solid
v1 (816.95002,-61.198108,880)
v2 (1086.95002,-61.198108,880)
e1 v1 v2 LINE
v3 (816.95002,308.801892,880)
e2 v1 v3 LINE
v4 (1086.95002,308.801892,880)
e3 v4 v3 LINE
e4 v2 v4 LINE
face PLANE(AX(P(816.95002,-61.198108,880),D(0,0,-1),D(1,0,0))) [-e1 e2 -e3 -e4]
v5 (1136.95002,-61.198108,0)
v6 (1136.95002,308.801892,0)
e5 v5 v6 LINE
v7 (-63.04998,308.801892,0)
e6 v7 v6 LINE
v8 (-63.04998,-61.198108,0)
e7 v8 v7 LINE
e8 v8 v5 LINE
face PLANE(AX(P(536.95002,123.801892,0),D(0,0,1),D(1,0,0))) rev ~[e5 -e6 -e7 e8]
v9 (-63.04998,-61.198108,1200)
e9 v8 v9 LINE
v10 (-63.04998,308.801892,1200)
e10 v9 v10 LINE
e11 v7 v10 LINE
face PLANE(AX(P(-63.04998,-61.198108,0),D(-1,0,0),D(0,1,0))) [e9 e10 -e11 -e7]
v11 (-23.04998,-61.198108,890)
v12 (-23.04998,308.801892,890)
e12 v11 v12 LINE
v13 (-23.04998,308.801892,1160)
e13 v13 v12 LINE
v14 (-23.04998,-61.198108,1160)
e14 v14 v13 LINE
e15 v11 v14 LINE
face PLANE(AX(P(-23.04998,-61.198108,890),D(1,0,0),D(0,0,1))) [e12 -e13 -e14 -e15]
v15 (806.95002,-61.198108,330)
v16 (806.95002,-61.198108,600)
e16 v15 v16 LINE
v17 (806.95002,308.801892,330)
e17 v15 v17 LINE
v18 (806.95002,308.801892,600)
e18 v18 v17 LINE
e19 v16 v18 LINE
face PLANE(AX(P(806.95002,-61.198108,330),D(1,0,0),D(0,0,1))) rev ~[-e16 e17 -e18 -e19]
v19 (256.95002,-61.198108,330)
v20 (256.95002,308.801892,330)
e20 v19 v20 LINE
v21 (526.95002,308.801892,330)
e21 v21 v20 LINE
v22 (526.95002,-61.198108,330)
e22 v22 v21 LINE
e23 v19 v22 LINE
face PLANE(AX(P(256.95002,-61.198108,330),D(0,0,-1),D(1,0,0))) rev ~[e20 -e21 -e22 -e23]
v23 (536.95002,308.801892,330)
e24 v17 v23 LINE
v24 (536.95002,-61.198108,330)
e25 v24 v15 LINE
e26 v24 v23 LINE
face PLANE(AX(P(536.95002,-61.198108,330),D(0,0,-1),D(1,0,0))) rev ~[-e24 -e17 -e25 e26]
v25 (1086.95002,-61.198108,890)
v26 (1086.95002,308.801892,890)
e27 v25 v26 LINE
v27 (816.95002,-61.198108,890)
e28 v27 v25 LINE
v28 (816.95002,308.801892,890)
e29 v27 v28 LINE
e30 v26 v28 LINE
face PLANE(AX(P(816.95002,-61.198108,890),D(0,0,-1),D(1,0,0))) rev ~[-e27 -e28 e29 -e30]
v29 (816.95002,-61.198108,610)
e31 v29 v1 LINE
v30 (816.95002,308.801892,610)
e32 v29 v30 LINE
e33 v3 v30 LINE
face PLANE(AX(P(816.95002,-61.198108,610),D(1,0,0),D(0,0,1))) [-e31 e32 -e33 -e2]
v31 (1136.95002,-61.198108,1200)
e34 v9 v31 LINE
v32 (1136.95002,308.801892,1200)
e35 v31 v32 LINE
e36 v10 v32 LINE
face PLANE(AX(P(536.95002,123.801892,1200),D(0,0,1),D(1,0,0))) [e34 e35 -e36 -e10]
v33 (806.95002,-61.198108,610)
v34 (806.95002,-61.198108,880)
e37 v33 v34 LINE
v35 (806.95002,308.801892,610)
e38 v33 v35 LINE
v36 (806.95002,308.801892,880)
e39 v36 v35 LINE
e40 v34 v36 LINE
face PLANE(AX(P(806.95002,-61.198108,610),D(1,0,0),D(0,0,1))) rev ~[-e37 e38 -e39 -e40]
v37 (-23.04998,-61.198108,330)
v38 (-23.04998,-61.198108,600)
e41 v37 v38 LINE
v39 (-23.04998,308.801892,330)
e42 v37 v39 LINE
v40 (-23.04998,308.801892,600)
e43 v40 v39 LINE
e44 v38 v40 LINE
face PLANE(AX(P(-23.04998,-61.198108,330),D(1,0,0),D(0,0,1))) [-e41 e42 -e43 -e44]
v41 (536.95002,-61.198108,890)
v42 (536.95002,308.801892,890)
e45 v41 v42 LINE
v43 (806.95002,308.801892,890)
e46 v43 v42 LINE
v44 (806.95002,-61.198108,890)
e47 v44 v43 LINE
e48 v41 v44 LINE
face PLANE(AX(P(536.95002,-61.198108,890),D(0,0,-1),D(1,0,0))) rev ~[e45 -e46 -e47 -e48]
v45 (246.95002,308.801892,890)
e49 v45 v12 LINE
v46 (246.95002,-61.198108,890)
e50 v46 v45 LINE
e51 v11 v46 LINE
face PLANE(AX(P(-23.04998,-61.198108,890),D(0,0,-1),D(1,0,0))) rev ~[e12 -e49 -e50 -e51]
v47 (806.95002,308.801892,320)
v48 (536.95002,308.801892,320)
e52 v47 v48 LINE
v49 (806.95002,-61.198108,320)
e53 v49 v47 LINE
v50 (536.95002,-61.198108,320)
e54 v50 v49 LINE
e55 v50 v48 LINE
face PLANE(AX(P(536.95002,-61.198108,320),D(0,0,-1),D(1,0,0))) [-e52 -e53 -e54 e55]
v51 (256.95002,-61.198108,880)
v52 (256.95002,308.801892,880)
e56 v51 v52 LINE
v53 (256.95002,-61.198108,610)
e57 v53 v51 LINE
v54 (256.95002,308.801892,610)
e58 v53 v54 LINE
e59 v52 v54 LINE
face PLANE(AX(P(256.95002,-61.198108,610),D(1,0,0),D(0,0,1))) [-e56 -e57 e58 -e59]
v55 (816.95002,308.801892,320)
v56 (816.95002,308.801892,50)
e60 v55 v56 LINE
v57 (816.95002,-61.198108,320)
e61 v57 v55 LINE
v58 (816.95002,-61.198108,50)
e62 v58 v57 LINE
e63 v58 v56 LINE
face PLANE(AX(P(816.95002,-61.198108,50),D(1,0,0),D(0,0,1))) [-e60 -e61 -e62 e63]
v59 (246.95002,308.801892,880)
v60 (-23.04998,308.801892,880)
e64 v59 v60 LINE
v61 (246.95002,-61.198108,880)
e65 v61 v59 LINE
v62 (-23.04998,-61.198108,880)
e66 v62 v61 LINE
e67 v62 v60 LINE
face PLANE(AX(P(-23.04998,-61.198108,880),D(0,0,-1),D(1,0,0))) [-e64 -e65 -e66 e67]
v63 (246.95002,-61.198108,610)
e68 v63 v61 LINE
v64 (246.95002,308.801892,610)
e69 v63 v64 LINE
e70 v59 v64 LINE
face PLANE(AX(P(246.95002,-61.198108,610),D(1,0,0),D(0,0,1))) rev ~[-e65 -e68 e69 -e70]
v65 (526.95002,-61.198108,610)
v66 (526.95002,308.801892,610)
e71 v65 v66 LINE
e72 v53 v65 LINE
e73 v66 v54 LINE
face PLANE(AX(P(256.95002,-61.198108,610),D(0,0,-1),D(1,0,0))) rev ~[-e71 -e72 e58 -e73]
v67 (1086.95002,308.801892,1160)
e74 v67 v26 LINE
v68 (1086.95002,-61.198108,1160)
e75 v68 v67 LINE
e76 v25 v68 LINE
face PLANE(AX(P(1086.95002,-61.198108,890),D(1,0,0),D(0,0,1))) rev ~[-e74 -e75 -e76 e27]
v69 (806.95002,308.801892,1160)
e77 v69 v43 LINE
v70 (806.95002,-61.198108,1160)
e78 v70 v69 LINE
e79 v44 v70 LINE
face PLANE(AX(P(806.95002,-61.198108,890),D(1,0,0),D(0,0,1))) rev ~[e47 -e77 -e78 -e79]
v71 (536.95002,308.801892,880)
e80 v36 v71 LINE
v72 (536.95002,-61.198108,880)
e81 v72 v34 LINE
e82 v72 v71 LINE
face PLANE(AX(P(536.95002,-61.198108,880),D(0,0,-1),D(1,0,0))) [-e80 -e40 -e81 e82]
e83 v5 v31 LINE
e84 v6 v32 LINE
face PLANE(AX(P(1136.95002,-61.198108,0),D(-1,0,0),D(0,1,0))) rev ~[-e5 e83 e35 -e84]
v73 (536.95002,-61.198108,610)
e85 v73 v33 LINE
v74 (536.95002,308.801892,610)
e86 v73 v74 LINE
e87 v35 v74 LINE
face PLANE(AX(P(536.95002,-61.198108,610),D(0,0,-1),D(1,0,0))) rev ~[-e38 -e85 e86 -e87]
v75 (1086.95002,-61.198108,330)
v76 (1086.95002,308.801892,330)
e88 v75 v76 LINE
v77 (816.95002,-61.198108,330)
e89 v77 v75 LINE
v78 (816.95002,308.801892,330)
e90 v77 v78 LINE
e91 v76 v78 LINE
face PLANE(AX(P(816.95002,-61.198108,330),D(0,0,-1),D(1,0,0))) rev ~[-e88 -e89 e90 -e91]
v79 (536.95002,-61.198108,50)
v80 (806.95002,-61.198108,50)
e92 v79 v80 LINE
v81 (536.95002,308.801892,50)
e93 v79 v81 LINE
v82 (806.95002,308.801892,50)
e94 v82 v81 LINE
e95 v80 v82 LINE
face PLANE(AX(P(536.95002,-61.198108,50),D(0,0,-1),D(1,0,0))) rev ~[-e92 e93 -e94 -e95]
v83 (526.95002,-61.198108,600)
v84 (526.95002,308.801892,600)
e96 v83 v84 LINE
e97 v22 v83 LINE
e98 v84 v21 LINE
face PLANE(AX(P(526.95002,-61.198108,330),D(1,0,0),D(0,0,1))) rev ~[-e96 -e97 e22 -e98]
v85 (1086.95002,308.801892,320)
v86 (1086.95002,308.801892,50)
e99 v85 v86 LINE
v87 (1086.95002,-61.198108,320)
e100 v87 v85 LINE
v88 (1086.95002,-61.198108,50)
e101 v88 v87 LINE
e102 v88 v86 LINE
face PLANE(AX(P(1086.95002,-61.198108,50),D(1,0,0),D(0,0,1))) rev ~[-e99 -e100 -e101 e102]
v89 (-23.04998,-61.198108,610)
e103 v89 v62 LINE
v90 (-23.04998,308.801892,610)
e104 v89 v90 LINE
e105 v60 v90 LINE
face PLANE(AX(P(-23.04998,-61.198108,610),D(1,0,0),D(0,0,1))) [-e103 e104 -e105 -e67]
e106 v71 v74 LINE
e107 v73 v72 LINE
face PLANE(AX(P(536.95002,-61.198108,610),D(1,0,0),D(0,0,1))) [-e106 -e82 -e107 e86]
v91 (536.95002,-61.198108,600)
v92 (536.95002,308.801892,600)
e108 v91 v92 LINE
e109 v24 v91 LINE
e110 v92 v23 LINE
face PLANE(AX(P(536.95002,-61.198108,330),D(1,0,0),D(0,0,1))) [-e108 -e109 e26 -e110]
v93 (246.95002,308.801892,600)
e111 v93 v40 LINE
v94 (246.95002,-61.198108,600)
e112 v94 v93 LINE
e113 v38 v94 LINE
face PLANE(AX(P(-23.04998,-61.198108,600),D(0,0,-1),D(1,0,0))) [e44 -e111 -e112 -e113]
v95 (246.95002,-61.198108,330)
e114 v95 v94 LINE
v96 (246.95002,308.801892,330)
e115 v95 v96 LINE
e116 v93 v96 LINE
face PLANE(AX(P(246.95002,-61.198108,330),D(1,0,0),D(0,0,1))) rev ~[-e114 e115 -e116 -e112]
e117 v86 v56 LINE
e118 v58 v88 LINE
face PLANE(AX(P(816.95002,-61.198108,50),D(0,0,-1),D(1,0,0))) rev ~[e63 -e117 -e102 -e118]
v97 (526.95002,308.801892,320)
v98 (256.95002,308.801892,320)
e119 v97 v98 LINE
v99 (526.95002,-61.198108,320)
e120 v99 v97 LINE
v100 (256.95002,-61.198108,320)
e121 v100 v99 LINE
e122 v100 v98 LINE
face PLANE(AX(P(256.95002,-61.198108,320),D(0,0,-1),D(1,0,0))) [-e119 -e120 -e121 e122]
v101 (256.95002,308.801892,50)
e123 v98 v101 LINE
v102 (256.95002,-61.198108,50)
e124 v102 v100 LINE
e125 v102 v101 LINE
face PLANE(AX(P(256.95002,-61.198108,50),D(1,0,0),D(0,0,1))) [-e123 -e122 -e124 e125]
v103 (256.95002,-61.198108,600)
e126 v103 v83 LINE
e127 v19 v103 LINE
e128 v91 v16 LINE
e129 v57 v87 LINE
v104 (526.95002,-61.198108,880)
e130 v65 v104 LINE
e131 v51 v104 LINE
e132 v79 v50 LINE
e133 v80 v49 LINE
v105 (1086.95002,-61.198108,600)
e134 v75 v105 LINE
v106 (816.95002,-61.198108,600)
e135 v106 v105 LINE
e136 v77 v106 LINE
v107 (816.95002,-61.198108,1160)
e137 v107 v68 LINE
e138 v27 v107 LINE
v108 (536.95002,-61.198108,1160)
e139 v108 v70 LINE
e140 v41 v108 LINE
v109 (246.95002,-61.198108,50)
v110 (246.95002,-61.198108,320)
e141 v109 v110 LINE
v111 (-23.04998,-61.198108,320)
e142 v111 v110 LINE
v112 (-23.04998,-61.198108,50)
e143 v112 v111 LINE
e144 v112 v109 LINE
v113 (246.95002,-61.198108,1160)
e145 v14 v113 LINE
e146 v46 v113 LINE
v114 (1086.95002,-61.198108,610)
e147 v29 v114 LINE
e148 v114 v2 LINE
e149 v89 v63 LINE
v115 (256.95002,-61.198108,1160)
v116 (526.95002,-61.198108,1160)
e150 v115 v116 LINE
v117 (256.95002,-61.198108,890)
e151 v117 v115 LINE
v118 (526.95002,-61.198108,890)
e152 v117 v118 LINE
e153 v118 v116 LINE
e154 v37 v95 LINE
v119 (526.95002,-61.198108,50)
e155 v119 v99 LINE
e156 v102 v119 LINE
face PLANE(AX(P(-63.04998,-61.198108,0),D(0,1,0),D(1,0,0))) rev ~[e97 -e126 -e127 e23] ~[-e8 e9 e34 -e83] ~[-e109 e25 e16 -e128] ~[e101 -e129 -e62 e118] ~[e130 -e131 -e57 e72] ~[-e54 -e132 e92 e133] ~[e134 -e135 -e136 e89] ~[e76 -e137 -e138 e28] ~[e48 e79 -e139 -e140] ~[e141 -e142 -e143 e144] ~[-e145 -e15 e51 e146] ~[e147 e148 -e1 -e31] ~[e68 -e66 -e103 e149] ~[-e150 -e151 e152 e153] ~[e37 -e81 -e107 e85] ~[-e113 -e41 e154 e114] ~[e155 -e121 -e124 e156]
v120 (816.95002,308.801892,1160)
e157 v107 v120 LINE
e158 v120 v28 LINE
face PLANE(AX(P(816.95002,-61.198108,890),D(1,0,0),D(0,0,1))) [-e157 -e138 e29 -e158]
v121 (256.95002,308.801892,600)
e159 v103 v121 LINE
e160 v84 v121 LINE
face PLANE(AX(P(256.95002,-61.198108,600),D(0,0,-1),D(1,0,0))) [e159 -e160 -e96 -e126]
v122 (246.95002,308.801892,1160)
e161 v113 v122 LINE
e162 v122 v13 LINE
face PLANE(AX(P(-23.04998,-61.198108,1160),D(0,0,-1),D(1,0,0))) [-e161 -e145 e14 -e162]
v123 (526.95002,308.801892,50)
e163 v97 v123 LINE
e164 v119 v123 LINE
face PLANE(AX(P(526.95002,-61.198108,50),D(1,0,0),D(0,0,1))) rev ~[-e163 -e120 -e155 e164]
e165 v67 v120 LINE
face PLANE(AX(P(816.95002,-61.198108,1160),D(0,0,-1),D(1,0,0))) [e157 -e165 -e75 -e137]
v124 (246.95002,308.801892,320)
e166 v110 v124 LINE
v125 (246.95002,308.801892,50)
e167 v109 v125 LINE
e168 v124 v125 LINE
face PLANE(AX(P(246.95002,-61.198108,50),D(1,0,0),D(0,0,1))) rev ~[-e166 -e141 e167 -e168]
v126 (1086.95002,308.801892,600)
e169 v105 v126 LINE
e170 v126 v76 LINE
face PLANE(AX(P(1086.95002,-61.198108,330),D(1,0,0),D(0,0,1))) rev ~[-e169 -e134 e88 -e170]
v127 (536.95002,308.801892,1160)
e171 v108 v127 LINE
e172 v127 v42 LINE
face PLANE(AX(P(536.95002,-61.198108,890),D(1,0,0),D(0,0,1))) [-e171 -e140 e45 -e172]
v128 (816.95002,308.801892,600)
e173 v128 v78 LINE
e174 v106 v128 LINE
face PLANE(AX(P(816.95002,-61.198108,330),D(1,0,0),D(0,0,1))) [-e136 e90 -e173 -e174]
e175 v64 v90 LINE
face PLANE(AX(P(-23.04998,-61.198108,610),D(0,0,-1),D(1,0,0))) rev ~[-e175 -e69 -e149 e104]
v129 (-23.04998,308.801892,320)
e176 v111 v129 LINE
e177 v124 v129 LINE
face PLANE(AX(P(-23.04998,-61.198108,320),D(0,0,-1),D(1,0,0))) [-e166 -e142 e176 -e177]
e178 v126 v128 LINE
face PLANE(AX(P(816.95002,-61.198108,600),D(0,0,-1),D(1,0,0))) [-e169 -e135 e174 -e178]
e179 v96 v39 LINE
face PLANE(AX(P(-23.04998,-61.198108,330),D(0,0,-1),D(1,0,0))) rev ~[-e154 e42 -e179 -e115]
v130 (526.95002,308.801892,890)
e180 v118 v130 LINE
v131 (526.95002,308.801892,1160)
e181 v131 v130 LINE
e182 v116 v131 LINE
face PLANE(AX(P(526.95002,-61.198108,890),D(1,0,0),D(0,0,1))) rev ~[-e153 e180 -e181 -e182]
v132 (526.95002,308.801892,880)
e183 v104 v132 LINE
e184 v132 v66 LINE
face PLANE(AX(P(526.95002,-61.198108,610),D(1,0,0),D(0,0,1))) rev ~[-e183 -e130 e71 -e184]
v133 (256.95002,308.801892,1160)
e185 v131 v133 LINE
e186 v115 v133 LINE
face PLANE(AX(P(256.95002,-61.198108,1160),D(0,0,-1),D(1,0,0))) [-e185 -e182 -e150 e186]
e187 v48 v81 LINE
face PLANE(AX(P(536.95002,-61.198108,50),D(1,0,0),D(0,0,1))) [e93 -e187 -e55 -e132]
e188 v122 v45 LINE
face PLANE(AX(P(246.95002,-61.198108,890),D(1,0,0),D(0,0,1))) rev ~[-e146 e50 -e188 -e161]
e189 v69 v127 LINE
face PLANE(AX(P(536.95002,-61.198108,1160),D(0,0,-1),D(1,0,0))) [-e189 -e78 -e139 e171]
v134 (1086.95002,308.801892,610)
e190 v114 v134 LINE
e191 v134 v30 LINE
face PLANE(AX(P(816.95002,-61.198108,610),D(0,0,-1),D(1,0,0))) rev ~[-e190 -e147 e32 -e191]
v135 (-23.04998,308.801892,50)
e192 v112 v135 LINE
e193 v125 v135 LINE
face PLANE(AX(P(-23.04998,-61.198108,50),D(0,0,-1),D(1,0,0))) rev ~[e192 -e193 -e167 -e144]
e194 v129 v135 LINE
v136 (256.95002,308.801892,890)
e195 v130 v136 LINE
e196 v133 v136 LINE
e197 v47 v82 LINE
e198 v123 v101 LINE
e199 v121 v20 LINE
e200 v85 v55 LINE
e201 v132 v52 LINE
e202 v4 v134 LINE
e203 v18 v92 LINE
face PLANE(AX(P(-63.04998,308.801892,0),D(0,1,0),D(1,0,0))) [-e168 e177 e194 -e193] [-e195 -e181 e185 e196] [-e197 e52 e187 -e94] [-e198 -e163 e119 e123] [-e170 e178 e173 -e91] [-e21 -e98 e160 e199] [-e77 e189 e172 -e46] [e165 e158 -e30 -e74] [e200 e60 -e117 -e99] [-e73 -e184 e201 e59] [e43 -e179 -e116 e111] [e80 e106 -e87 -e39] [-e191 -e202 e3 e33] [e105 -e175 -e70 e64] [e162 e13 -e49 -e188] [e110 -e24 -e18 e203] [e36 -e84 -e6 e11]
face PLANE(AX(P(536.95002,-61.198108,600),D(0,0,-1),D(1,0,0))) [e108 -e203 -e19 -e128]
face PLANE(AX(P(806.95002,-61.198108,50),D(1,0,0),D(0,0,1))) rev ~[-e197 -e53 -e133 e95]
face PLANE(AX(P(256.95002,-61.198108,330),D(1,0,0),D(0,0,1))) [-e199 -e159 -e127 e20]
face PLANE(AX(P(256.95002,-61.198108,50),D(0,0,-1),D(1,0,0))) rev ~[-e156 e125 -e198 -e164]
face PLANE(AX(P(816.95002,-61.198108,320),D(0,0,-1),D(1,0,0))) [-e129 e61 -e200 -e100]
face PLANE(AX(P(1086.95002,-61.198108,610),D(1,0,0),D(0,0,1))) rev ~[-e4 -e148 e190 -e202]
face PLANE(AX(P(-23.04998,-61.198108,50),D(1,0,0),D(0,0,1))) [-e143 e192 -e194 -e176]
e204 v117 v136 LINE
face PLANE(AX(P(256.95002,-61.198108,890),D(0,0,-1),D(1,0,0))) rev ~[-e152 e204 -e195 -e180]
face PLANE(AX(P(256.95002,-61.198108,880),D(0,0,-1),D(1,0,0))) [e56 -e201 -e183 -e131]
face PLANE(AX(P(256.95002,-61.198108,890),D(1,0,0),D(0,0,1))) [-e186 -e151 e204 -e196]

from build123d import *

# Parameters (mm, degrees)
F0_W     = 1200
F0_H     = 370
F1_DEPTH = 1200
F2_W     = 270
F2_H     = 270
F3_DEPTH = 370.001


with BuildPart() as f1:
    # F0 (on Top) → F1 (new body)
    with BuildSketch(Plane.XY):
        with Locations((536.95002, 123.801892)):
            Rectangle(F0_W, F0_H)
    extrude(amount=F1_DEPTH)

    # F2 (on face) → F3 (cut, through all)
    with BuildSketch(Plane.XZ.offset(61.198108)):
        with Locations((111.95002, 1025)):
            Rectangle(F2_W, F2_H)
        with Locations((391.95002, 1025)):
            Rectangle(F2_W, F2_H)
        with Locations((671.95002, 1025)):
            Rectangle(F2_W, F2_H)
        with Locations((951.95002, 1025)):
            Rectangle(F2_W, F2_H)
        with Locations((951.95002, 745)):
            Rectangle(F2_W, F2_H)
        with Locations((671.95002, 745)):
            Rectangle(F2_W, F2_H)
        with Locations((391.95002, 745)):
            Rectangle(F2_W, F2_H)
        with Locations((111.95002, 745)):
            Rectangle(F2_W, F2_H)
        with Locations((111.95002, 465)):
            Rectangle(F2_W, F2_H)
        with Locations((391.95002, 465)):
            Rectangle(F2_W, F2_H)
        with Locations((671.95002, 465)):
            Rectangle(F2_W, F2_H)
        with Locations((951.95002, 465)):
            Rectangle(F2_W, F2_H)
        with Locations((951.95002, 185)):
            Rectangle(F2_W, F2_H)
        with Locations((671.95002, 185)):
            Rectangle(F2_W, F2_H)
        with Locations((391.95002, 185)):
            Rectangle(F2_W, F2_H)
        with Locations((111.95002, 185)):
            Rectangle(F2_W, F2_H)
    extrude(amount=-F3_DEPTH, mode=Mode.SUBTRACT)


solid = f1.part
